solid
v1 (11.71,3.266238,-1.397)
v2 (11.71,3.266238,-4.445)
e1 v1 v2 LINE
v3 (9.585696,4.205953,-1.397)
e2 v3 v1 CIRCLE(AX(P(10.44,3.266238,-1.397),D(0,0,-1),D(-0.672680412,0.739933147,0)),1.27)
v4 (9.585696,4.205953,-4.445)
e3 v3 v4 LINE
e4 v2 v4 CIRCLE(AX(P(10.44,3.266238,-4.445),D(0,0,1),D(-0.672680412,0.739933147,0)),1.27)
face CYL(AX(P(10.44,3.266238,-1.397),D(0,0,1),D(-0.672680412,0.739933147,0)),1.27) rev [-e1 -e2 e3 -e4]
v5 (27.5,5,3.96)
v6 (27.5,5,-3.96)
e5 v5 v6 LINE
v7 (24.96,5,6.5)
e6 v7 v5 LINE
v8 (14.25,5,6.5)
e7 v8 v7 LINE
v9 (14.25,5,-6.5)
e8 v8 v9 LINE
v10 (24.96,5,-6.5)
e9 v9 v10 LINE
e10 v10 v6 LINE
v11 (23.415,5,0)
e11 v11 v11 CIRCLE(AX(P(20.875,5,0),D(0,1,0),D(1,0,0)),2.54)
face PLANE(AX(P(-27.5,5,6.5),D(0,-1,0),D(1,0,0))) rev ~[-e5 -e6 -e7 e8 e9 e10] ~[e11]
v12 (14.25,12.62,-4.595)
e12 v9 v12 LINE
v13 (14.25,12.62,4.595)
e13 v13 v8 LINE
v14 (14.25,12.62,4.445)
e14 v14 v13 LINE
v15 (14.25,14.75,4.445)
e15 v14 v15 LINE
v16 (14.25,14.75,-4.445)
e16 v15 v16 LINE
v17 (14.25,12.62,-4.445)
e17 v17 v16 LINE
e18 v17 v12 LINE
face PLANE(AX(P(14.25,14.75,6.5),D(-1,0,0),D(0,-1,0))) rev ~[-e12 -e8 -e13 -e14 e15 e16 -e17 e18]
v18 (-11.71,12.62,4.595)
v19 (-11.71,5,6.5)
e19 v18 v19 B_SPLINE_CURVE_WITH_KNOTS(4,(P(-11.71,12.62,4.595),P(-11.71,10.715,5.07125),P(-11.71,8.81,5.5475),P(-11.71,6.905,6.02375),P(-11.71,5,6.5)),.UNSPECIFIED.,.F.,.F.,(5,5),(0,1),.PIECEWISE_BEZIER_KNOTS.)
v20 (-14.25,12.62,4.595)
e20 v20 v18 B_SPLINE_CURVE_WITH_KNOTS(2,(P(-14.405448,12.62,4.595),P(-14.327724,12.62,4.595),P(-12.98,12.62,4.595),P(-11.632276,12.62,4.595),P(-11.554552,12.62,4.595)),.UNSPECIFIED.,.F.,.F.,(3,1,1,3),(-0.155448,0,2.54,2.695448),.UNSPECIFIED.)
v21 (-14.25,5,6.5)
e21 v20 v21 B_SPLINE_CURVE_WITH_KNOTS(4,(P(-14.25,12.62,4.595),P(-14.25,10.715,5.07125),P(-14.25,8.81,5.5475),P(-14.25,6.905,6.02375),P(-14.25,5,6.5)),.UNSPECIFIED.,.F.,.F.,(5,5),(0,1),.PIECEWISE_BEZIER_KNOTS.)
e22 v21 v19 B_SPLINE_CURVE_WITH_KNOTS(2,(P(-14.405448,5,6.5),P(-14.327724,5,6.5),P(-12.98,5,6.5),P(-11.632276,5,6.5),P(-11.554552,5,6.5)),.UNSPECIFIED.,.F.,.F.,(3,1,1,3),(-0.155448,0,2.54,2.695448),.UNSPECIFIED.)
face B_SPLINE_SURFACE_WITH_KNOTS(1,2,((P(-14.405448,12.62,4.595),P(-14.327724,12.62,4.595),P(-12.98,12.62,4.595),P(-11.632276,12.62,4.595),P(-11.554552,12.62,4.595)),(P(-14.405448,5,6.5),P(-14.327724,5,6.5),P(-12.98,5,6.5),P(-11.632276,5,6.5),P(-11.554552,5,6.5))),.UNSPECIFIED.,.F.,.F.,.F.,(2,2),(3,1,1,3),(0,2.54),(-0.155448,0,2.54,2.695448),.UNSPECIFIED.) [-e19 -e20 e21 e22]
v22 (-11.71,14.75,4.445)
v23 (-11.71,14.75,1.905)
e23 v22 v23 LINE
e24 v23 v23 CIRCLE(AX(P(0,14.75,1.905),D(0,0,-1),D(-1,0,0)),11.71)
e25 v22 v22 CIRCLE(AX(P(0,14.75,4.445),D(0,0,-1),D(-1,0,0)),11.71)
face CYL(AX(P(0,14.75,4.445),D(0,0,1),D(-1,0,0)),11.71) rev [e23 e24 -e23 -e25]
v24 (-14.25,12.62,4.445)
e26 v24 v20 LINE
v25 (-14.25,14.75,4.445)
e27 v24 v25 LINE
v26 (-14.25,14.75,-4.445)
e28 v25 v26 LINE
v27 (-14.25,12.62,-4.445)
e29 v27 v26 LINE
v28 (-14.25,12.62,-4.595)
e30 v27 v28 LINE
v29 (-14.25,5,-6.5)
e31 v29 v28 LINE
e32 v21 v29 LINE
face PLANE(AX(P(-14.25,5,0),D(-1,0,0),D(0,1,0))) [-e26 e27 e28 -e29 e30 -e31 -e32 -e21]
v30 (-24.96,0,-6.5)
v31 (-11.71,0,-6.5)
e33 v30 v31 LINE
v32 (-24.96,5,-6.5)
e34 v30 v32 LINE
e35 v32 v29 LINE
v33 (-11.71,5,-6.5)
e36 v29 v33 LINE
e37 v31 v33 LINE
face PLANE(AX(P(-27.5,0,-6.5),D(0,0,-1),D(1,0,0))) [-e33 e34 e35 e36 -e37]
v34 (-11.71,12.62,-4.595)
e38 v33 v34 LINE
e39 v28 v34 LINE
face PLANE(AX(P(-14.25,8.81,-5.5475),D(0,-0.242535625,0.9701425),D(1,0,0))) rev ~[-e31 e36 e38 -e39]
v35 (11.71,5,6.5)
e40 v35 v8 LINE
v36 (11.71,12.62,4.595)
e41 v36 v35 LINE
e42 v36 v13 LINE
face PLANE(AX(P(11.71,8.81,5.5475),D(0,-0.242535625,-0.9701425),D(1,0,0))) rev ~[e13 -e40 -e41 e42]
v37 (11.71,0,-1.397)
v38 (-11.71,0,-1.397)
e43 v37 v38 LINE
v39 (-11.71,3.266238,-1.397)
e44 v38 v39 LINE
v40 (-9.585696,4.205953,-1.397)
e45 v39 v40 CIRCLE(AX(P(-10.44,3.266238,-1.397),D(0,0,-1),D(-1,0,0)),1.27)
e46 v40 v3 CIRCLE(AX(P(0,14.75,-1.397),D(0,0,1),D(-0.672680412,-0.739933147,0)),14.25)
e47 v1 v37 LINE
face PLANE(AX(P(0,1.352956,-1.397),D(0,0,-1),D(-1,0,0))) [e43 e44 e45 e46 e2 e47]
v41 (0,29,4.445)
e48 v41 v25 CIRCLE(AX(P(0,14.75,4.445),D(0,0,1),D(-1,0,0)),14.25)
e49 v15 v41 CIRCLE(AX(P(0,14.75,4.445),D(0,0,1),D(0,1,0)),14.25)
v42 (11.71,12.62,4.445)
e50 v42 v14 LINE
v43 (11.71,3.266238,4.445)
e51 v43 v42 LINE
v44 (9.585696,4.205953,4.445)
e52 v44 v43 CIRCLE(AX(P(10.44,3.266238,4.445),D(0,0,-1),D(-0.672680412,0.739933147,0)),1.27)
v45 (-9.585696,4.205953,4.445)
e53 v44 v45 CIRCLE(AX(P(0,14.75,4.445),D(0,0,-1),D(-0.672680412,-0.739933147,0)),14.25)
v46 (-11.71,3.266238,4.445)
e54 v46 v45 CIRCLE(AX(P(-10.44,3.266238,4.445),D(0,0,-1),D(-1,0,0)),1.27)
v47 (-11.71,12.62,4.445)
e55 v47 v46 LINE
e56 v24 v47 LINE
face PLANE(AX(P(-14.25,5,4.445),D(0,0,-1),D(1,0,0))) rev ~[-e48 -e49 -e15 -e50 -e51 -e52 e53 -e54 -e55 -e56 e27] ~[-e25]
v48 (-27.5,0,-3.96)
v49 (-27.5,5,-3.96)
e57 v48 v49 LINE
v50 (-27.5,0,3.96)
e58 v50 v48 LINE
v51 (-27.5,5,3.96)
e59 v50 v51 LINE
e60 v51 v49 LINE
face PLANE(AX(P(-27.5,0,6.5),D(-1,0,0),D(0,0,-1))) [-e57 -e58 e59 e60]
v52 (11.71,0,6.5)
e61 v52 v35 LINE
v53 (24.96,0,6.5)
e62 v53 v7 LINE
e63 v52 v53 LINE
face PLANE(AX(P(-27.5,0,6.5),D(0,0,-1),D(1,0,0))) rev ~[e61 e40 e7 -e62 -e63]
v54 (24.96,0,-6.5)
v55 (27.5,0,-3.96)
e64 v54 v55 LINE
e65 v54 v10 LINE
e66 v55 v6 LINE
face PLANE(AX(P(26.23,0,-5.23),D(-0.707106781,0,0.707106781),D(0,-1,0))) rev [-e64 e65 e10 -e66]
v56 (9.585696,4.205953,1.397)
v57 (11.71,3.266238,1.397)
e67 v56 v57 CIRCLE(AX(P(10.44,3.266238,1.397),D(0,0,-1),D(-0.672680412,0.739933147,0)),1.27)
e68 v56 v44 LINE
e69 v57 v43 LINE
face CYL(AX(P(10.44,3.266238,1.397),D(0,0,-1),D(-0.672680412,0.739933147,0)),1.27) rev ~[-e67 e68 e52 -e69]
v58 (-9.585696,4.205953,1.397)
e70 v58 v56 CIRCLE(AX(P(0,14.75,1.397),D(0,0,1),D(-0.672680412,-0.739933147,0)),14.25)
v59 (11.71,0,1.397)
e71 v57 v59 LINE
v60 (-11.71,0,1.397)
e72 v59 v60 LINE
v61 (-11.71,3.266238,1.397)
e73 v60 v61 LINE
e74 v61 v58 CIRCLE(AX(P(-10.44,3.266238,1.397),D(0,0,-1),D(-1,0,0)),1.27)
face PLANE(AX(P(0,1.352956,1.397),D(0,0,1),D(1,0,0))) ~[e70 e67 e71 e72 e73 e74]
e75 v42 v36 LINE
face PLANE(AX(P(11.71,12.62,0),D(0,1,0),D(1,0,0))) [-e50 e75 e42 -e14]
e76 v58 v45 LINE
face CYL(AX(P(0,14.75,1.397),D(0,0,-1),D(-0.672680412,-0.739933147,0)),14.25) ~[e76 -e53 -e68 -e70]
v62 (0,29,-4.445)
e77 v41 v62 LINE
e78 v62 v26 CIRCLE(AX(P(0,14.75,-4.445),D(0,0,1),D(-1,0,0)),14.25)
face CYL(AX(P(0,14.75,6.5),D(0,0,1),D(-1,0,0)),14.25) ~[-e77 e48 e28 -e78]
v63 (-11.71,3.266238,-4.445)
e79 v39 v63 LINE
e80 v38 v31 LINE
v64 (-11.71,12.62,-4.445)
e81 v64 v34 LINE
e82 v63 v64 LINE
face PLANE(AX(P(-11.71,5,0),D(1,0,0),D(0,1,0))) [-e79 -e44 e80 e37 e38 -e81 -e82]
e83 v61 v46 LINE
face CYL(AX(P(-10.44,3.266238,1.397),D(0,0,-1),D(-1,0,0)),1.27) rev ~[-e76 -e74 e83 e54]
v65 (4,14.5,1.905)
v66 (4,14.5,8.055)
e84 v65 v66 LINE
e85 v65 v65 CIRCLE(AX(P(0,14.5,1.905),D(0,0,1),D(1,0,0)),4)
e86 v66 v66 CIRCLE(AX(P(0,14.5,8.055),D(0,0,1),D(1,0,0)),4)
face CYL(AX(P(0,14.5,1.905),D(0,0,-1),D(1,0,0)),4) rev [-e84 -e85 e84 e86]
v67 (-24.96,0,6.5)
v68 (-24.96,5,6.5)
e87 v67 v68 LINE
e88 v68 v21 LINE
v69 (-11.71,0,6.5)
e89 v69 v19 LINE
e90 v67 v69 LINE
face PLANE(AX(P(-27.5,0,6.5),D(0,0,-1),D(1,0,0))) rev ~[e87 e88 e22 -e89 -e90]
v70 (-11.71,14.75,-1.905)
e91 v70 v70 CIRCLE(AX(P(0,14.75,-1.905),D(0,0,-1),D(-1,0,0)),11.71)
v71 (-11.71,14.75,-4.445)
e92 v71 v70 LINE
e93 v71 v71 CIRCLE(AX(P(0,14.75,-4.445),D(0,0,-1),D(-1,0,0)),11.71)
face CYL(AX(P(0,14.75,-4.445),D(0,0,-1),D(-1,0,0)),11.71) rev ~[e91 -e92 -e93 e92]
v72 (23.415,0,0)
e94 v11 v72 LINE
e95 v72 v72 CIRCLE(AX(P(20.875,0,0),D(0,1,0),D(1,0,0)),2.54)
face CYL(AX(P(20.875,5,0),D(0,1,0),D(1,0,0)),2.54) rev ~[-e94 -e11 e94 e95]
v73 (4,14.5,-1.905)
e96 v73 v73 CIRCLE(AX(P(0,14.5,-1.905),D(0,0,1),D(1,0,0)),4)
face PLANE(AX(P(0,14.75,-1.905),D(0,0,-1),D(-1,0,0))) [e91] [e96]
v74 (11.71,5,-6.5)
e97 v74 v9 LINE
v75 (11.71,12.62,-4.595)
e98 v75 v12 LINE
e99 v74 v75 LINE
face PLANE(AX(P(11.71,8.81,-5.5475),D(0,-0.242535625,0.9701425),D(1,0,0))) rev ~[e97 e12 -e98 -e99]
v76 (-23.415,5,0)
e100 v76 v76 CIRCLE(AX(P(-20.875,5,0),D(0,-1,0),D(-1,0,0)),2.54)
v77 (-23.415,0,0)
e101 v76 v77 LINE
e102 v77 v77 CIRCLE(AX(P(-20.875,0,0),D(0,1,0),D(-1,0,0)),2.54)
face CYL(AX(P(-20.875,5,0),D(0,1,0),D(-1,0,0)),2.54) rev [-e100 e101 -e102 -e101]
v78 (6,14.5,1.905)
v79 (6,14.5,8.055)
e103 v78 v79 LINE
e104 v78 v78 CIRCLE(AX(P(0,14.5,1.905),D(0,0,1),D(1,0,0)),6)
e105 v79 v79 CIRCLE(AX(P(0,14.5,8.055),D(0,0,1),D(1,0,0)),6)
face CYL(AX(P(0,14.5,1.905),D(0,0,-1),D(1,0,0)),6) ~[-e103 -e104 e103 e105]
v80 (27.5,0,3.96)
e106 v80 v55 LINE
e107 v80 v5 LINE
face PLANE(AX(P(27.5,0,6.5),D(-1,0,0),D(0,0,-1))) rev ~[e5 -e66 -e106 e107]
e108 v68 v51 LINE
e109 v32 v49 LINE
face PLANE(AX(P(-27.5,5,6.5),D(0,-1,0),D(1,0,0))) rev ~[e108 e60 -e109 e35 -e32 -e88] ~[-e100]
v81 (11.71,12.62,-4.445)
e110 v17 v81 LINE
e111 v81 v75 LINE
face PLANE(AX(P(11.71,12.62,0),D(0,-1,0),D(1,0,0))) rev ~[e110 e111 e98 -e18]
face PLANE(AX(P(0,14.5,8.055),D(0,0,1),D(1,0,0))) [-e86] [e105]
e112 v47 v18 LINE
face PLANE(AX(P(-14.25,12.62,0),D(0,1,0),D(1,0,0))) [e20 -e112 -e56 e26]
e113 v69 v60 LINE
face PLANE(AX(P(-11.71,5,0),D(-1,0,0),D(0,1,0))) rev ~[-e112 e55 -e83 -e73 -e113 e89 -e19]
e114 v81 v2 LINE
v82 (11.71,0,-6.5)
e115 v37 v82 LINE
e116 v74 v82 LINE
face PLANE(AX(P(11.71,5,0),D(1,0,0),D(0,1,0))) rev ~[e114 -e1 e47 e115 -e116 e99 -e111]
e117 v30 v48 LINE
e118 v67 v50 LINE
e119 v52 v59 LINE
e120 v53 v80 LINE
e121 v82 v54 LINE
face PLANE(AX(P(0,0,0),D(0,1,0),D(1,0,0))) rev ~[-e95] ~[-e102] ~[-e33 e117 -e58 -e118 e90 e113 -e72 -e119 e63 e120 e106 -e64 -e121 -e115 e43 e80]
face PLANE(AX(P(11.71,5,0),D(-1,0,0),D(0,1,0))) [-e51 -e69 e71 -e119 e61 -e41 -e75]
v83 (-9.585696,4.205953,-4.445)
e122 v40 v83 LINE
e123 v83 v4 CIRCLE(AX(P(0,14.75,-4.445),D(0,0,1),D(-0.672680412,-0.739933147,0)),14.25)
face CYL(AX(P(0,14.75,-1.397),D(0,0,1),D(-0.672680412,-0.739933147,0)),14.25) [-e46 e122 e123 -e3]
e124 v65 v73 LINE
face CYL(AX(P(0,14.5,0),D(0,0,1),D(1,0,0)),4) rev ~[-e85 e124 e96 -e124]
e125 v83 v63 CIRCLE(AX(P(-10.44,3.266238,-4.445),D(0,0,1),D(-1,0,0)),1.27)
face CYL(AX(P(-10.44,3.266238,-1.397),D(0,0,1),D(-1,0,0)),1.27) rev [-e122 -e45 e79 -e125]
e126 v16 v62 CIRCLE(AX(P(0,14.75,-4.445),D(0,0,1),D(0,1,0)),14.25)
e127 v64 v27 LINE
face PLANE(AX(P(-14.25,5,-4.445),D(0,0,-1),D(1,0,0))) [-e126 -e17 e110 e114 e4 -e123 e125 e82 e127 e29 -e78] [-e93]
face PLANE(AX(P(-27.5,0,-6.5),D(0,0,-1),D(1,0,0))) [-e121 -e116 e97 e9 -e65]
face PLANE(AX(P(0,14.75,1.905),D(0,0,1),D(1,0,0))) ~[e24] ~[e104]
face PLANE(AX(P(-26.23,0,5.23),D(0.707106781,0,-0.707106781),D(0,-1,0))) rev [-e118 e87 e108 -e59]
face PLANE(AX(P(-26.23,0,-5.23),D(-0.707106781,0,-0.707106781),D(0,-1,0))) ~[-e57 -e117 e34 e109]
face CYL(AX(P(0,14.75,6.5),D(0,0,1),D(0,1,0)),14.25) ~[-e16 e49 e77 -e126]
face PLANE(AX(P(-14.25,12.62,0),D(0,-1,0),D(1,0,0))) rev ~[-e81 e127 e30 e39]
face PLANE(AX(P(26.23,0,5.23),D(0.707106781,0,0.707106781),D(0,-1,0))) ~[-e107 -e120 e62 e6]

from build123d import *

# Parameters (mm, degrees)
SKETCH1_W                = 55
SKETCH1_H                = 13
BOSS_EXTRUDE1_DEPTH      = 29
CUT_EXTRUDE1_DEPTH       = 14
SKETCH3_OUTSIDE_W        = 69.704
SKETCH3_OUTSIDE_H        = 27.704
SKETCH3_OUTSIDE_W_2      = 28.5
SKETCH3_OUTSIDE_H_2      = 8.89
CUT_EXTRUDE2_DEPTH       = 25
SKETCH5_W                = 2.54
SKETCH5_H                = 7.62
BOSS_EXTRUDE2_DEPTH      = 6.5
BOSS_EXTRUDE2_DEPTH_BACK = 6.5
CHAMFER1_SIZE            = 1.905
CHAMFER1_SIZE2           = 7.62
CHAMFER1_PART_2_SIZE     = 1.905
CHAMFER1_PART_2_SIZE2    = 7.62
CHAMFER2_SIZE            = 7.62
CHAMFER2_SIZE2           = 1.905
CUT_EXTRUDE3_START       = -1.397
CUT_EXTRUDE3_DEPTH       = 6.1030001
CUT_EXTRUDE4_START       = -4.445
SKETCH7_W                = 23.42
SKETCH7_H                = 12.62
CUT_EXTRUDE4_DEPTH       = 3.0550001
SKETCH8_R                = 4
CUT_EXTRUDE5_DEPTH       = 7.5000001
CUT_EXTRUDE5_DEPTH_BACK  = 7.5000001
SKETCH9_R                = 11.71
CUT_EXTRUDE6_DEPTH       = 2.54
CHAMFER3_SIZE            = 2.54
SKETCH10_R               = 2.54
CUT_EXTRUDE7_DEPTH       = 6.0000001
SKETCH11_R               = 6
SKETCH11_R_2             = 4
BOSS_EXTRUDE3_DEPTH      = 6.15


with BuildPart() as part:
    # Sketch1 → Boss-Extrude1 (new body)
    with BuildSketch(Plane(origin=(0, 0, 0), x_dir=(1, 0, 0), z_dir=(0, 1, 0))):
        Rectangle(SKETCH1_W, SKETCH1_H)
    extrude(amount=BOSS_EXTRUDE1_DEPTH)

    # Sketch2 → Cut-Extrude1 (cut, through all)
    with BuildSketch(Plane.XY.offset(6.5)):
        with BuildLine():
            ThreePointArc((-14.25, 14.75), (-10.076271632, 24.826271632), (0, 29))
            Line((0, 29), (-27.5, 29))
            Line((-27.5, 29), (-27.5, 5))
            Line((-27.5, 5), (-14.25, 5))
            Line((-14.25, 5), (-14.25, 14.75))
        make_face()
        with BuildLine():
            Line((14.25, 5), (27.5, 5))
            Line((27.5, 5), (27.5, 29))
            Line((27.5, 29), (0, 29))
            ThreePointArc((0, 29), (10.076271632, 24.826271632), (14.25, 14.75))
            Line((14.25, 14.75), (14.25, 5))
        make_face()
    extrude(amount=-CUT_EXTRUDE1_DEPTH, mode=Mode.SUBTRACT)

    # Sketch3 outside → Cut-Extrude2 (cut, through all)
    with BuildSketch(Plane(origin=(0, 5, 0), x_dir=(1, 0, 0), z_dir=(0, 1, 0))):
        Rectangle(SKETCH3_OUTSIDE_W, SKETCH3_OUTSIDE_H)
        Rectangle(SKETCH3_OUTSIDE_W_2, SKETCH3_OUTSIDE_H_2, mode=Mode.SUBTRACT)
    extrude(amount=CUT_EXTRUDE2_DEPTH, mode=Mode.SUBTRACT)

    # Sketch5 → Boss-Extrude2 (add, two sides)
    with BuildSketch(Plane.XY) as boss_extrude2_sk:
        with Locations((12.98, 8.81)):
            Rectangle(SKETCH5_W, SKETCH5_H)
        with Locations((-12.98, 8.81)):
            Rectangle(SKETCH5_W, SKETCH5_H)
    extrude(amount=BOSS_EXTRUDE2_DEPTH)
    extrude(boss_extrude2_sk.sketch, amount=-BOSS_EXTRUDE2_DEPTH_BACK)

    # Chamfer1
    chamfer1_edges = [part.edges().sort_by_distance(p)[0] for p in [
        (12.98, 12.62, 6.5),
    ]]
    chamfer1_side = [part.faces().sort_by_distance(p)[0] for p in [
        (12.98, 12.62, 5.4725),
    ]]
    chamfer(chamfer1_edges, length=CHAMFER1_SIZE, length2=CHAMFER1_SIZE2, reference=chamfer1_side[0])

    # Chamfer1 part 2
    chamfer1_part_2_edges = [part.edges().sort_by_distance(p)[0] for p in [
        (-12.98, 12.62, 6.5),
    ]]
    chamfer1_part_2_side = [part.faces().sort_by_distance(p)[0] for p in [
        (-12.98, 12.62, 5.4725),
    ]]
    chamfer(chamfer1_part_2_edges, length=CHAMFER1_PART_2_SIZE, length2=CHAMFER1_PART_2_SIZE2, reference=chamfer1_part_2_side[0])

    # Chamfer2
    chamfer2_edges = [part.edges().sort_by_distance(p)[0] for p in [
        (-12.98, 12.62, -6.5),
        (12.98, 12.62, -6.5),
    ]]
    chamfer2_side = [part.faces().sort_by_distance(p)[0] for p in [
        (0, 3.27861046, -6.5),
    ]]
    chamfer(chamfer2_edges, length=CHAMFER2_SIZE, length2=CHAMFER2_SIZE2, reference=chamfer2_side[0])

    # Sketch6 → Cut-Extrude3 (cut, through all)
    with BuildSketch(Plane.XY.offset(CUT_EXTRUDE3_START)):
        with BuildLine():
            Line((11.71, 3.26623755), (11.71, 0))
            Line((11.71, 0), (-11.71, 0))
            Line((-11.71, 0), (-11.71, 3.26623755))
            ThreePointArc((-11.71, 3.26623755), (-10.953777074, 4.427673351), (-9.585695876, 4.205952648))
            ThreePointArc((-9.585695876, 4.205952648), (0, 0.5), (9.585695876, 4.205952648))
            ThreePointArc((9.585695876, 4.205952648), (10.953777074, 4.427673351), (11.71, 3.26623755))
        make_face()
    cut_extrude3 = extrude(amount=-CUT_EXTRUDE3_DEPTH, mode=Mode.SUBTRACT)

    # Sketch7 → Cut-Extrude4 (cut, through all)
    with BuildSketch(Plane.XY.offset(CUT_EXTRUDE4_START)):
        with Locations((0, 6.31)):
            Rectangle(SKETCH7_W, SKETCH7_H)
    cut_extrude4 = extrude(amount=-CUT_EXTRUDE4_DEPTH, mode=Mode.SUBTRACT)

    # Sketch8 → Cut-Extrude5 (cut, two sides)
    with BuildSketch(Plane.XY) as cut_extrude5_sk:
        with Locations((0, 14.5)):
            Circle(SKETCH8_R)
    extrude(amount=CUT_EXTRUDE5_DEPTH, mode=Mode.SUBTRACT)
    extrude(cut_extrude5_sk.sketch, amount=-CUT_EXTRUDE5_DEPTH_BACK, mode=Mode.SUBTRACT)

    # Sketch9 → Cut-Extrude6 (cut)
    with BuildSketch(Plane(origin=(0, 0, -4.445), x_dir=(-1, 0, 0), z_dir=(0, 0, -1))):
        with Locations((0, 14.75)):
            Circle(SKETCH9_R)
    cut_extrude6 = extrude(amount=-CUT_EXTRUDE6_DEPTH, mode=Mode.SUBTRACT)

    # Mirror1: Cut-Extrude3, Cut-Extrude4, Cut-Extrude6 across plane
    add(cut_extrude3.mirror(Plane.XY), mode=Mode.SUBTRACT)
    add(cut_extrude4.mirror(Plane.XY), mode=Mode.SUBTRACT)
    add(cut_extrude6.mirror(Plane.XY), mode=Mode.SUBTRACT)

    # Chamfer3
    chamfer3_edges = [part.edges().sort_by_distance(p)[0] for p in [
        (-27.5, 2.5, 6.5),
        (-27.5, 2.5, -6.5),
        (27.5, 2.5, 6.5),
        (27.5, 2.5, -6.5),
    ]]
    chamfer(chamfer3_edges, length=CHAMFER3_SIZE)

    # Sketch10 → Cut-Extrude7 (cut, through all)
    with BuildSketch(Plane(origin=(0, 5, 0), x_dir=(1, 0, 0), z_dir=(0, 1, 0))):
        with Locations((20.875, 0)):
            Circle(SKETCH10_R)
    cut_extrude7 = extrude(amount=-CUT_EXTRUDE7_DEPTH, mode=Mode.SUBTRACT)

    # Mirror2: Cut-Extrude7 across plane
    add(cut_extrude7.mirror(Plane(origin=(0, 0, 0), x_dir=(0, 0, 1), z_dir=(1, 0, 0))), mode=Mode.SUBTRACT)

    # Sketch11 → Boss-Extrude3 (add)
    with BuildSketch(Plane.XY.offset(1.905)):
        with Locations((0, 14.5)):
            Circle(SKETCH11_R)
        with Locations((0, 14.5)):
            Circle(SKETCH11_R_2, mode=Mode.SUBTRACT)
    extrude(amount=BOSS_EXTRUDE3_DEPTH)


solid = part.part
